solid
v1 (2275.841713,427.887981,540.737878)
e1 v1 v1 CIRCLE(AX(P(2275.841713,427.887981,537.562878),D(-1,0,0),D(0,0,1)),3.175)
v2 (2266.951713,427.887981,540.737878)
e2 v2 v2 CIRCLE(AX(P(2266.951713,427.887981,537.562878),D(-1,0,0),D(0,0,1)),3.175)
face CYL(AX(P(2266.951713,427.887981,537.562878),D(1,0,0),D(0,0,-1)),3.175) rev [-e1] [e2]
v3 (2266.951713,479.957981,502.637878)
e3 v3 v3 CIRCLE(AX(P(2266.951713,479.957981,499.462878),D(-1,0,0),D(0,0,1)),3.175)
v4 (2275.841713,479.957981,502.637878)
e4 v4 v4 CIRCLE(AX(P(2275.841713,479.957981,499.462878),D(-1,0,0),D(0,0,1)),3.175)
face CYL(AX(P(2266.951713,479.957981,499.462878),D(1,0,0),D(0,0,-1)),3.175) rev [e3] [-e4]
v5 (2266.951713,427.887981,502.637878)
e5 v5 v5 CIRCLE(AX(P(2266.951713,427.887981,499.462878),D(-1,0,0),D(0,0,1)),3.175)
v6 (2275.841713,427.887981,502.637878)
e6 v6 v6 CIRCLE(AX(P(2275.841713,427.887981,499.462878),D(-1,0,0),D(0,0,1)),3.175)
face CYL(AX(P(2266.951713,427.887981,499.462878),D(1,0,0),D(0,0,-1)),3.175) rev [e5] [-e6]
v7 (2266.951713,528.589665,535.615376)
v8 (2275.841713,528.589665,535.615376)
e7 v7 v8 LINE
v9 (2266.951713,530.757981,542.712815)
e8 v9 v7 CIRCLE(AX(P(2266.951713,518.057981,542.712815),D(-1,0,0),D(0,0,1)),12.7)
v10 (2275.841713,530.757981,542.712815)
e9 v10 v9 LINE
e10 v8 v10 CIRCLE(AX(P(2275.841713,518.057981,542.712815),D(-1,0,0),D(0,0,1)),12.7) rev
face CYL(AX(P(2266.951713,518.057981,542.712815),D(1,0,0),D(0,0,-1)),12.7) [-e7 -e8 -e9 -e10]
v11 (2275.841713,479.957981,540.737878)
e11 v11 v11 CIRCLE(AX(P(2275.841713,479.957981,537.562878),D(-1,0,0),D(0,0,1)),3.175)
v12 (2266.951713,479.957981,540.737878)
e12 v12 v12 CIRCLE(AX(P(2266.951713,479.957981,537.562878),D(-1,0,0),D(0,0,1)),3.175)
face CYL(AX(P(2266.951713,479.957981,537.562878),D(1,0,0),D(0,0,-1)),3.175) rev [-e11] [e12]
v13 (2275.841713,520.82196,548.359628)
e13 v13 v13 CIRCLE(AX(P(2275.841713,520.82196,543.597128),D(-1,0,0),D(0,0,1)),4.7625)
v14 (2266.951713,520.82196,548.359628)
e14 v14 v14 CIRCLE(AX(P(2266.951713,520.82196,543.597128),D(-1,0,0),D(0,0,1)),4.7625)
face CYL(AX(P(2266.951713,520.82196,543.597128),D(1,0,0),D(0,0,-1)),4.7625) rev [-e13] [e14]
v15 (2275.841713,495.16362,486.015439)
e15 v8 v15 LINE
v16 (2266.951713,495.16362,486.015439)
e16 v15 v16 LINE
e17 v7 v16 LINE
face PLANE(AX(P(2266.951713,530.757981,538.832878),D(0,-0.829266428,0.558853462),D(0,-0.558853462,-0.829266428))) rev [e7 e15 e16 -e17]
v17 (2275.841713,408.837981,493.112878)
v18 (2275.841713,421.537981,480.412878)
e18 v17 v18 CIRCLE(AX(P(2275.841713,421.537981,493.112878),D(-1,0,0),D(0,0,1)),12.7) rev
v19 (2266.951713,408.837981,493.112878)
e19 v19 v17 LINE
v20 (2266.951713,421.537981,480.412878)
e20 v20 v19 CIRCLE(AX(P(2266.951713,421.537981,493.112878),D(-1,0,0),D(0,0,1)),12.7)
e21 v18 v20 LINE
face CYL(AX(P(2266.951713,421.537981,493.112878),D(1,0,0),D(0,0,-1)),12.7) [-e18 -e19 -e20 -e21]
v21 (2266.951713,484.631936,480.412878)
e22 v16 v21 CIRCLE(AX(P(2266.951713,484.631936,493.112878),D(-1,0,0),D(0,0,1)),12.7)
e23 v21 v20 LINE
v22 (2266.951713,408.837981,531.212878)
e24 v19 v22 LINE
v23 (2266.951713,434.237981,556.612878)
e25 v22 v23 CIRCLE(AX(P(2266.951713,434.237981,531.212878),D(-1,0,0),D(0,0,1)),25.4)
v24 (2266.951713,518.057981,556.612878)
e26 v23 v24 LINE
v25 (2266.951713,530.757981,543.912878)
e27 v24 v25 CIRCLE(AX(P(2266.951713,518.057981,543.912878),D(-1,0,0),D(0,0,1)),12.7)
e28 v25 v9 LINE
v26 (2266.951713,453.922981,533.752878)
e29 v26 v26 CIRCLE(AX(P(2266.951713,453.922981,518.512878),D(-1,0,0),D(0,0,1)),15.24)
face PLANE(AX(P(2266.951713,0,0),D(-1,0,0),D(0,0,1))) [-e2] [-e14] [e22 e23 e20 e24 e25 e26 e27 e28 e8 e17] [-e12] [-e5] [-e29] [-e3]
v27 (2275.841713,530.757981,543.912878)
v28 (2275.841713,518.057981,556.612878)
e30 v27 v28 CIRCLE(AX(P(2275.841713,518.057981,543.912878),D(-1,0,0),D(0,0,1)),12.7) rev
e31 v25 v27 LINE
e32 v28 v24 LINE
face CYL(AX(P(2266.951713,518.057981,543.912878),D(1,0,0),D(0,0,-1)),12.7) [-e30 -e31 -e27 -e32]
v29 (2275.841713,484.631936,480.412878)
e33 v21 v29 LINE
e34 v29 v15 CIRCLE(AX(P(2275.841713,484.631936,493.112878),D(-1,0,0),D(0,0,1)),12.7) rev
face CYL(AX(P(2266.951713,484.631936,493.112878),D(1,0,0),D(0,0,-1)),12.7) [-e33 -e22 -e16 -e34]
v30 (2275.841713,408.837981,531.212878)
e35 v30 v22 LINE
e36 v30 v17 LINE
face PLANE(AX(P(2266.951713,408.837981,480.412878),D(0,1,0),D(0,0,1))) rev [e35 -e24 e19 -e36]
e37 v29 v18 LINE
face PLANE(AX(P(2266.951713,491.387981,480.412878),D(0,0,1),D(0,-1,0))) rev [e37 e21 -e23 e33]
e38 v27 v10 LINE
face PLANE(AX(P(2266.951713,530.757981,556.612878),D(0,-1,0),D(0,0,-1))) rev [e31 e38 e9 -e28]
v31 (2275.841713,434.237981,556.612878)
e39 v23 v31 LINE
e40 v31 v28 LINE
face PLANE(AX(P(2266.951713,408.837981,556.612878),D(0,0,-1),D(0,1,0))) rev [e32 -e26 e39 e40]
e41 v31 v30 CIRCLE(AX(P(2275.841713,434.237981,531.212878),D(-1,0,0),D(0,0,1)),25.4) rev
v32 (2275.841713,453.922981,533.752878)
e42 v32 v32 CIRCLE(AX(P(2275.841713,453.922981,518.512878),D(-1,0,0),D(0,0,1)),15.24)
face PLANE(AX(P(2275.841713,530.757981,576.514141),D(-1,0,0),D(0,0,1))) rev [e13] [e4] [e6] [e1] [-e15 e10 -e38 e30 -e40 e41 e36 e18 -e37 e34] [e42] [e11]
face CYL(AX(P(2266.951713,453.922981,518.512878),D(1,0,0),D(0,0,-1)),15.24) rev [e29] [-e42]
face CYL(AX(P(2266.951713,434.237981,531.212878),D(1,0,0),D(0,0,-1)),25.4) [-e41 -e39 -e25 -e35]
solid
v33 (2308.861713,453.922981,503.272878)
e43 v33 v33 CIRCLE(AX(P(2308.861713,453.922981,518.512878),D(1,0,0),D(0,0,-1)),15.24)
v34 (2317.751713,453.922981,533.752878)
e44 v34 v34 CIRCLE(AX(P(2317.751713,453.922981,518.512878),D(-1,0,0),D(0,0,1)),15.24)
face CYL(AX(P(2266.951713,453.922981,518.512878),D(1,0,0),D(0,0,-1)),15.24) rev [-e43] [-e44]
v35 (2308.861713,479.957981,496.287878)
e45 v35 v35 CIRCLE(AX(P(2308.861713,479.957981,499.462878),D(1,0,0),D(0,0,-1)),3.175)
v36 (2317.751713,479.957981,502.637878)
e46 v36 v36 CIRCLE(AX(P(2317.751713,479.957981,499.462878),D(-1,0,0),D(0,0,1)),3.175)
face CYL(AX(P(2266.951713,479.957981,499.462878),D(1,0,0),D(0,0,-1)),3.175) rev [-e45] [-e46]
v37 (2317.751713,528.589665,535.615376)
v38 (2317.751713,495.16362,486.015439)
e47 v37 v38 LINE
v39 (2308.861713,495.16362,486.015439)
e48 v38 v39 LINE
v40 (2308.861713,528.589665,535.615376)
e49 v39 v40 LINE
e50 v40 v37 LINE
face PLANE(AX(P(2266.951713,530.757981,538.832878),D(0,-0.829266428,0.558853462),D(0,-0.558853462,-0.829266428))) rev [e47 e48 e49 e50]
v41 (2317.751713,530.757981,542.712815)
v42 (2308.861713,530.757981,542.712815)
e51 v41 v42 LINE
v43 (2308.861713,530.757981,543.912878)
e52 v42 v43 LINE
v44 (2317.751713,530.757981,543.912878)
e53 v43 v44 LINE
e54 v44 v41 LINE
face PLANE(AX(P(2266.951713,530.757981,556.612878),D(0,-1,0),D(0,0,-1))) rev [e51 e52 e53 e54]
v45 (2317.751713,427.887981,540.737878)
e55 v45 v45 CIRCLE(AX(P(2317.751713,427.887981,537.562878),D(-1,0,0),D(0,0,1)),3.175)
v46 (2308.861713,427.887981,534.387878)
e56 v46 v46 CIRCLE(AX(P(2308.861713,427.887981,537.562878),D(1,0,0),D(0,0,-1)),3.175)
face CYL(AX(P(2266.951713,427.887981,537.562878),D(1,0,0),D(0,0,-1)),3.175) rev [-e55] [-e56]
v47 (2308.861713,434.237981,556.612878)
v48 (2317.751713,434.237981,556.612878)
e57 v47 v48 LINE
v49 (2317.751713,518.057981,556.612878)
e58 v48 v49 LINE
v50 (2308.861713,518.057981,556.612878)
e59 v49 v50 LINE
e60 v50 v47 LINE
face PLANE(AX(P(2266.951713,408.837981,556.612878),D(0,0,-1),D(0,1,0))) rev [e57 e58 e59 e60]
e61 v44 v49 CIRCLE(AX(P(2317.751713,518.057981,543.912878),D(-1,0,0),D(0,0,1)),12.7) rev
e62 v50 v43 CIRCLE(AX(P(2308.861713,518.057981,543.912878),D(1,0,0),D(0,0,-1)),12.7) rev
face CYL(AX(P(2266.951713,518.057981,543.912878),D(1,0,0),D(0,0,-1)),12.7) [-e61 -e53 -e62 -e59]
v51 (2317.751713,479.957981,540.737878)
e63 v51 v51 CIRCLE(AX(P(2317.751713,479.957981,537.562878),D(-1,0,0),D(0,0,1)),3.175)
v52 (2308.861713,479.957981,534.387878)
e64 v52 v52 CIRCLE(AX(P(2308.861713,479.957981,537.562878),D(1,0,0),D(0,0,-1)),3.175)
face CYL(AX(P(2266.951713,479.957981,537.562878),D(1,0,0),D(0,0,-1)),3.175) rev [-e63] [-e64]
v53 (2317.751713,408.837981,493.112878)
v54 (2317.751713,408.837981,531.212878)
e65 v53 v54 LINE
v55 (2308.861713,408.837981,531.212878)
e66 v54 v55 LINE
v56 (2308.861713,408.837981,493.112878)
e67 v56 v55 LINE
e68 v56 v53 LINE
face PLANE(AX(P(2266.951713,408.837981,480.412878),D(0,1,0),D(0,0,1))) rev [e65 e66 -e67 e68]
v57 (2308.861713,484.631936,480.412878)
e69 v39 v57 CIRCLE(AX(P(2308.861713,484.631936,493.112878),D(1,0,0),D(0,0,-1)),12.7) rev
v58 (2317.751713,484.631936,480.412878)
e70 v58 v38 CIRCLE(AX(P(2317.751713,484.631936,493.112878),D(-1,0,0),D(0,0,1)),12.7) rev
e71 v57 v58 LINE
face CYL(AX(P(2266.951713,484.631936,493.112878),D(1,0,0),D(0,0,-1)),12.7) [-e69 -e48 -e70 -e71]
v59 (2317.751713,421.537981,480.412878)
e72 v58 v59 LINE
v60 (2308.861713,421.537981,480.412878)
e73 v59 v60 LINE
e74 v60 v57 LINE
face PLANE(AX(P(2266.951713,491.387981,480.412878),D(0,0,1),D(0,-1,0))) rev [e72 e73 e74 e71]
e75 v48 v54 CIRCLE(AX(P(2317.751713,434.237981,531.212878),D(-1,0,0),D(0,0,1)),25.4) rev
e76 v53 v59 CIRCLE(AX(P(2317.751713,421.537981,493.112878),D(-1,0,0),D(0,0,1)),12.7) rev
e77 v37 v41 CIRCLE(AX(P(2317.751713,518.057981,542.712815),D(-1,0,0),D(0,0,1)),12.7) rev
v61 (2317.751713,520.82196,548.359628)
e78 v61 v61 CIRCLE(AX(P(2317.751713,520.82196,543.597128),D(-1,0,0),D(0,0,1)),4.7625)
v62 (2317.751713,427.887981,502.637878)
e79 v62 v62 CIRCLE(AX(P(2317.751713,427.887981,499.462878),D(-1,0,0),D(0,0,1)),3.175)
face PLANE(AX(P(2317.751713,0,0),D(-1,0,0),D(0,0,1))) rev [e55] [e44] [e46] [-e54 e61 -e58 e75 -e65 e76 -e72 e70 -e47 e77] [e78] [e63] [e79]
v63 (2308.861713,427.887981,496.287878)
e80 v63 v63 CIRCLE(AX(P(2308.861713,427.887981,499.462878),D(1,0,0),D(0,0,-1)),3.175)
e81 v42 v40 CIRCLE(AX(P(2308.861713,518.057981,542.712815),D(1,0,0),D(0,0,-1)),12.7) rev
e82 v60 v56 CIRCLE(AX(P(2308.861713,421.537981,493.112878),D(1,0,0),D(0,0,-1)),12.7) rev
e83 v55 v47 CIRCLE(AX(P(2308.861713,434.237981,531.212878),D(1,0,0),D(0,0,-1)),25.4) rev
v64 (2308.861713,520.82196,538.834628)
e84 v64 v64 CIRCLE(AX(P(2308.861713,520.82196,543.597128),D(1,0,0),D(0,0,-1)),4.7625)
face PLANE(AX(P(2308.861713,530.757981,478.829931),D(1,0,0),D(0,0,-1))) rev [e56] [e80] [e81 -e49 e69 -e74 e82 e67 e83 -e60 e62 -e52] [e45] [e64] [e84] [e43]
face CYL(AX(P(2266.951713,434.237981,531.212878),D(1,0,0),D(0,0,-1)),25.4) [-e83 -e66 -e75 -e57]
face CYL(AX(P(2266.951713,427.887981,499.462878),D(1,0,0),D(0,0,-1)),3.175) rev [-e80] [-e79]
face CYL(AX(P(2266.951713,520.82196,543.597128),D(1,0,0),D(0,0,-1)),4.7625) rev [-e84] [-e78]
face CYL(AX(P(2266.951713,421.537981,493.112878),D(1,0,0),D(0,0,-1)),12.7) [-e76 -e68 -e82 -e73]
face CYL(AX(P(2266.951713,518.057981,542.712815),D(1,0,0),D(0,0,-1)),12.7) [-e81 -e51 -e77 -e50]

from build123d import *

# Parameters (mm, degrees)
SKETCH3_R           = 4.7625
SKETCH3_R_2         = 3.175
SKETCH3_R_3         = 15.24
BOSS_EXTRUDE1_DEPTH = 25.4
FILLET1_R           = 12.7
FILLET2_R           = 25.4
SKETCH4_W           = 33.02
SKETCH4_H           = 97.684209569
CUT_EXTRUDE1_DEPTH  = 2387.766721866


with BuildPart() as part:
    # Sketch3 → Boss-Extrude1 (new, symmetric)
    with BuildSketch(Plane.ZY.offset(-2292.351712769)):
        Polygon((556.612878185, 408.837981043), (556.612878185, 530.757981043), (538.832878185, 530.757981043), (480.412878185, 491.387981043), (480.412878185, 408.837981043), align=None)
        with Locations((543.597128475, 520.821960169)):
            Circle(SKETCH3_R, mode=Mode.SUBTRACT)
        with Locations((537.562878185, 479.957981043)):
            Circle(SKETCH3_R_2, mode=Mode.SUBTRACT)
        with Locations((537.562878185, 427.887981043)):
            Circle(SKETCH3_R_2, mode=Mode.SUBTRACT)
        with Locations((499.462878185, 427.887981043)):
            Circle(SKETCH3_R_2, mode=Mode.SUBTRACT)
        with Locations((499.462878185, 479.957981043)):
            Circle(SKETCH3_R_2, mode=Mode.SUBTRACT)
        with Locations((518.512878185, 453.922981043)):
            Circle(SKETCH3_R_3, mode=Mode.SUBTRACT)
    extrude(amount=BOSS_EXTRUDE1_DEPTH, both=True)

    # Fillet1
    fillet1_edges = [part.edges().sort_by_distance(p)[0] for p in [
        (2292.351712769, 408.837981043, 480.412878185),
        (2292.351712769, 491.387981043, 480.412878185),
        (2292.351712769, 530.757981043, 538.832878185),
        (2292.351712769, 530.757981043, 556.612878185),
    ]]
    fillet(fillet1_edges, radius=FILLET1_R)

    # Fillet2
    fillet2_edges = [part.edges().sort_by_distance(p)[0] for p in [
        (2292.351712769, 408.837981043, 556.612878185),
    ]]
    fillet(fillet2_edges, radius=FILLET2_R)

    # Sketch4 → Cut-Extrude1 (cut, through all)
    with BuildSketch(Plane.XZ.offset(-408.837981043)):
        with Locations((2292.351712769, 527.672036027)):
            Rectangle(SKETCH4_W, SKETCH4_H)
    extrude(amount=-CUT_EXTRUDE1_DEPTH, mode=Mode.SUBTRACT)


with BuildPart() as cut_extrude1_piece_1:
    # of the separate pieces the step leaves, piece 1, a body of its own (cut_extrude1_pieces)
    add(part.part.solids().sort_by_distance((2308.861712769, 434.237981043, 556.612878185))[0])


with BuildPart() as cut_extrude1_piece_2:
    # of the separate pieces the step leaves, piece 2, a body of its own (cut_extrude1_pieces)
    add(part.part.solids().sort_by_distance((2266.951712769, 434.237981043, 556.612878185))[0])


solid = Compound([cut_extrude1_piece_1.part, cut_extrude1_piece_2.part])
